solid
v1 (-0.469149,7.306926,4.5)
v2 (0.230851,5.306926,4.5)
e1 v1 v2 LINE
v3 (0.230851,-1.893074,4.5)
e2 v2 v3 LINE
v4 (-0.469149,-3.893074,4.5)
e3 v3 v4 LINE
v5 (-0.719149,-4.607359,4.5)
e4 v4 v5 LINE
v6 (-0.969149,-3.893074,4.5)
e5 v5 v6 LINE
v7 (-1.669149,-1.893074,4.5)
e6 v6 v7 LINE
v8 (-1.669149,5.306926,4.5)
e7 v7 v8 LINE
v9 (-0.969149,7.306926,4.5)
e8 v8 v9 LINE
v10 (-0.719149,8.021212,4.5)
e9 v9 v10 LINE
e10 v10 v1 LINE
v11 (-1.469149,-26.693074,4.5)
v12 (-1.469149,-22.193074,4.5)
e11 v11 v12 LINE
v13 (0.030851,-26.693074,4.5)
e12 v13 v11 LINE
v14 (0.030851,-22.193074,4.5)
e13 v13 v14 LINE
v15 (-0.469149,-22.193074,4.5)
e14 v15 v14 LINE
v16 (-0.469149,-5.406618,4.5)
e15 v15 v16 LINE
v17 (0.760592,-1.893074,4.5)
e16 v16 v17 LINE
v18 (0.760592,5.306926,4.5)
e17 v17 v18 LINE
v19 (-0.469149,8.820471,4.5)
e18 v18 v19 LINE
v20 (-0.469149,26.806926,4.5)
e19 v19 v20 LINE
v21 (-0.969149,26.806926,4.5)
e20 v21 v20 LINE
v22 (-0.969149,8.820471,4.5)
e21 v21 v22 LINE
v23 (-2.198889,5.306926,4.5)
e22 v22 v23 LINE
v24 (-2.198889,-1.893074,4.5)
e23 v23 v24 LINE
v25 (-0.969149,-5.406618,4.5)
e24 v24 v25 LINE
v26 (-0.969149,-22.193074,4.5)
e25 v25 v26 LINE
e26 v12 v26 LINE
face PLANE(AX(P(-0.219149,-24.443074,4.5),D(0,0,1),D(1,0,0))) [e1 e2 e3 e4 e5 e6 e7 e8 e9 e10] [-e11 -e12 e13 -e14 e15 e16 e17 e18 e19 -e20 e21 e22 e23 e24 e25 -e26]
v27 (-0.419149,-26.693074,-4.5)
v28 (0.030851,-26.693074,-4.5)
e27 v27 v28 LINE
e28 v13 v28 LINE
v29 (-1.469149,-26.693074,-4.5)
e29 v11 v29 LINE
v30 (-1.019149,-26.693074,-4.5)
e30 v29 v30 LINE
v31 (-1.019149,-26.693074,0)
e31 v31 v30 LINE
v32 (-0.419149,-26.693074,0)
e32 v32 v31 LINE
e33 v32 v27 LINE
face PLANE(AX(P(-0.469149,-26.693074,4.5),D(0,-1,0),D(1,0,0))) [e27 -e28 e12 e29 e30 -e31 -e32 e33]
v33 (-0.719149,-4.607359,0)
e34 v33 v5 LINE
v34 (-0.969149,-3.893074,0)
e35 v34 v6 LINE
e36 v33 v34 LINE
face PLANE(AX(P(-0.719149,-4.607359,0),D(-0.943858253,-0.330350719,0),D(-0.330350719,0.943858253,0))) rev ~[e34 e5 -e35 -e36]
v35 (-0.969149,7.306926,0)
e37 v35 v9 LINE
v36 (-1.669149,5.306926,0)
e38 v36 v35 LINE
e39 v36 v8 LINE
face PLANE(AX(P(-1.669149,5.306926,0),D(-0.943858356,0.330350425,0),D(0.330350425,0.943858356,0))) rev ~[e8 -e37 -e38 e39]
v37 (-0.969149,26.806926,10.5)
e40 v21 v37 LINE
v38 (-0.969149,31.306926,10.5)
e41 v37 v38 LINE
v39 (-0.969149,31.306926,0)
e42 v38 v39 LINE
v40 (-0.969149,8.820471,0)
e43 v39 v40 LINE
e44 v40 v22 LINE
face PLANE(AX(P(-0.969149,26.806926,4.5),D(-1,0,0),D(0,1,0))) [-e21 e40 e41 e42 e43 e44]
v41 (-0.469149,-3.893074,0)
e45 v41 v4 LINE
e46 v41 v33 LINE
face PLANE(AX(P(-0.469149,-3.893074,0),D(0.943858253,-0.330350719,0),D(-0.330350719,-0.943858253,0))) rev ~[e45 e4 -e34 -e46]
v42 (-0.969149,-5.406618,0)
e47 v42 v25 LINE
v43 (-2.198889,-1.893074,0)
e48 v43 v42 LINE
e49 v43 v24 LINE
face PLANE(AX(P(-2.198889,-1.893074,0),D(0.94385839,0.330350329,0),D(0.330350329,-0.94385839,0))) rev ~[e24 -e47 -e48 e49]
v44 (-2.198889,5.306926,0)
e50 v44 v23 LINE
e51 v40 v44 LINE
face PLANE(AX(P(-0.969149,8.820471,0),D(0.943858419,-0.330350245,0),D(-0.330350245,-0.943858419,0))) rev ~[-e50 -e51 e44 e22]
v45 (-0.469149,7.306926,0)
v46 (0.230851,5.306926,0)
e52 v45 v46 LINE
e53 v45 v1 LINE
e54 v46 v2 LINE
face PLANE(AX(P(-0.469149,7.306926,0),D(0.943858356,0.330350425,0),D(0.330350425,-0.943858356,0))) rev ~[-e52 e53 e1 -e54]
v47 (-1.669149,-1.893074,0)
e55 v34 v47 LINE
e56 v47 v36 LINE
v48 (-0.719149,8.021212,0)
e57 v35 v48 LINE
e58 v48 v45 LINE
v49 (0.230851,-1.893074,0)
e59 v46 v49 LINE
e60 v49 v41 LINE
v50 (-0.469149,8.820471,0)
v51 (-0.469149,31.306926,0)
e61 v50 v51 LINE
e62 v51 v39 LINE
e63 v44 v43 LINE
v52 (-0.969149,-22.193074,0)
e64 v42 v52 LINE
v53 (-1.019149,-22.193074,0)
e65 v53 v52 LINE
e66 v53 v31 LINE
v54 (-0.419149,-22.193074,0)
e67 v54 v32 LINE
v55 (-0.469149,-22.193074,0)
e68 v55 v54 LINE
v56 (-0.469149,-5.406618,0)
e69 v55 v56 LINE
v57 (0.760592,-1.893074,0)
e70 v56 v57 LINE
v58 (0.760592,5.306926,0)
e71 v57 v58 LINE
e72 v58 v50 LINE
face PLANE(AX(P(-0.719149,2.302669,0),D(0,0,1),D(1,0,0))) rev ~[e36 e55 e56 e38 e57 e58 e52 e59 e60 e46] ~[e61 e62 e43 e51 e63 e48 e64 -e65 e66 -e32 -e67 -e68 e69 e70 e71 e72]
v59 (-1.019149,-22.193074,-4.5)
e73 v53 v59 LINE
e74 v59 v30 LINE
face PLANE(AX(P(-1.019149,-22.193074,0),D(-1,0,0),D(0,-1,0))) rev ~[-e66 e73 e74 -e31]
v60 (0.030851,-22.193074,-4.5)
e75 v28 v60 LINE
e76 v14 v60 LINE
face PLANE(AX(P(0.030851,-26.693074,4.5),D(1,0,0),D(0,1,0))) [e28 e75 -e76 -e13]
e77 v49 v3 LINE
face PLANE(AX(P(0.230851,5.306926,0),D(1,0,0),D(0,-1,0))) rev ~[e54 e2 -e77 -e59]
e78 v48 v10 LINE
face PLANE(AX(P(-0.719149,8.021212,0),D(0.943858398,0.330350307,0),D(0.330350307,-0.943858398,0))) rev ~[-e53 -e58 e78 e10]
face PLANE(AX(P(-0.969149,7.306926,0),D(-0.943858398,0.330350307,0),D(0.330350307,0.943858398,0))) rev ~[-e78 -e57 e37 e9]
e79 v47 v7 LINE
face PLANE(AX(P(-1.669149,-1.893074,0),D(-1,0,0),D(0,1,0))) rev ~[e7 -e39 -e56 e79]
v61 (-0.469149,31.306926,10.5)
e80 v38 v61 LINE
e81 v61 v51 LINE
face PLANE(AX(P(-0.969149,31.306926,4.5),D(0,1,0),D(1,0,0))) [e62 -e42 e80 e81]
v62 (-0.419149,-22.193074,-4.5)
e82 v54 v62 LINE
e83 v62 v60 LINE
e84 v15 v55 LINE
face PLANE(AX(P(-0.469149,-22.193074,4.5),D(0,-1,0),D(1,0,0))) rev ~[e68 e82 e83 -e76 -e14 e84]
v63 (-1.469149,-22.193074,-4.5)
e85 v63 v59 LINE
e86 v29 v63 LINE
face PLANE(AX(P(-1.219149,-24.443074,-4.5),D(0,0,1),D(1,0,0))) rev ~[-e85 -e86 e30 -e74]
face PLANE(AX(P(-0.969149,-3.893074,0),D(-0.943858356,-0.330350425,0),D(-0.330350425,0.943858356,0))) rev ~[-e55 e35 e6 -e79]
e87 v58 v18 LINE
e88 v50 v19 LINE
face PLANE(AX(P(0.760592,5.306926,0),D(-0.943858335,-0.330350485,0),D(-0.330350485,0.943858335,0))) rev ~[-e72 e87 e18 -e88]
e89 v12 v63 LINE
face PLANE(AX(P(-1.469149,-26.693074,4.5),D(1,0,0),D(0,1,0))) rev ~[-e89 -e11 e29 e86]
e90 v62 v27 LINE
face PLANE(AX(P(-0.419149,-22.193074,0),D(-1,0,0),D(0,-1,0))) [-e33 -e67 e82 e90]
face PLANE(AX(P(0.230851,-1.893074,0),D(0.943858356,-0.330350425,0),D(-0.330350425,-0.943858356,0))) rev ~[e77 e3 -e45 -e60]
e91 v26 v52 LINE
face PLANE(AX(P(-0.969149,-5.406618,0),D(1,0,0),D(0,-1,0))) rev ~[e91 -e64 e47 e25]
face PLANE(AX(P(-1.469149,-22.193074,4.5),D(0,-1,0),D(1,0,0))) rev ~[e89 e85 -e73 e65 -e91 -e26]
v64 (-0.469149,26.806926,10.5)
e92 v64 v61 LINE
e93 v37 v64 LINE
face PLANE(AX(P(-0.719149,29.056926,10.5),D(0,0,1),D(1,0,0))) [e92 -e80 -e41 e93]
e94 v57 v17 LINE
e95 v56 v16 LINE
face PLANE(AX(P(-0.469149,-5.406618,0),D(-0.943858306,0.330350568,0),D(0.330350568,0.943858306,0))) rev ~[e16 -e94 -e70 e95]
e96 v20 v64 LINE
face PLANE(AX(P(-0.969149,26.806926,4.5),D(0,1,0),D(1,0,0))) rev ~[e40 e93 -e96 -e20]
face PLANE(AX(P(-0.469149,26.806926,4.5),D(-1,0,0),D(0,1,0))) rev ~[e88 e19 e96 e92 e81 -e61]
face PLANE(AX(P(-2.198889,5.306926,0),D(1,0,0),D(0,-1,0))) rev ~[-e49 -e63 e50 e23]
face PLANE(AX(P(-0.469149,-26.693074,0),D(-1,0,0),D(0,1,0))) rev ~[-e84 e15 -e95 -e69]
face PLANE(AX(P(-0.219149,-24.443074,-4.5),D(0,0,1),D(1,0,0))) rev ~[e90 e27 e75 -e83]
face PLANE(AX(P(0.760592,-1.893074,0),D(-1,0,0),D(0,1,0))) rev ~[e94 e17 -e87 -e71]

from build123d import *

# Parameters (mm, degrees)
F1_DEPTH = 4.5
F2_W     = 0.5
F2_H     = 4.5
F3_DEPTH = 6
F4_W     = 0.5
F4_H     = 4.5
F5_DEPTH = 9
F6_W     = 0.6
F6_H     = 4.5
F7_DEPTH = 25


with BuildPart() as f1:
    # F0 (on Top) → F1 (new body)
    with BuildSketch(Plane.XY):
        Polygon((-0.469149, 31.306926), (-0.969149, 31.306926), (-0.969149, 8.820471), (-2.198889, 5.306926), (-2.198889, -1.893074), (-0.969149, -5.406618), (-0.969149, -26.693074), (-0.469149, -26.693074), (-0.469149, -5.406618), (0.760592, -1.893074), (0.760592, 5.306926), (-0.469149, 8.820471), align=None)
        Polygon((-1.669149, -1.893074), (-1.669149, 5.306926), (-0.969149, 7.306926), (-0.719149, 8.021212), (-0.469149, 7.306926), (0.230851, 5.306926), (0.230851, -1.893074), (-0.469149, -3.893074), (-0.719149, -4.607359), (-0.969149, -3.893074), align=None, mode=Mode.SUBTRACT)
    extrude(amount=F1_DEPTH)

    # F2 (on face) → F3 (join)
    with BuildSketch(Plane.XY.offset(4.5)):
        with Locations((-0.719149, 29.056926)):
            Rectangle(F2_W, F2_H)
    extrude(amount=F3_DEPTH)

    # F4 (on face) → F5 (join)
    with BuildSketch(Plane.XY.offset(4.5)):
        with Locations((-0.219149, -24.443074)):
            Rectangle(F4_W, F4_H)
        with Locations((-1.219149, -24.443074)):
            Rectangle(F4_W, F4_H)
    extrude(amount=-F5_DEPTH)

    # F6 (on face) → F7 (cut)
    with BuildSketch(Plane(origin=(0, 0, 0), x_dir=(1, 0, 0), z_dir=(0, 0, -1))):
        with Locations((-0.719149, 24.443074)):
            Rectangle(F6_W, F6_H)
    extrude(amount=F7_DEPTH, mode=Mode.SUBTRACT)


solid = f1.part
